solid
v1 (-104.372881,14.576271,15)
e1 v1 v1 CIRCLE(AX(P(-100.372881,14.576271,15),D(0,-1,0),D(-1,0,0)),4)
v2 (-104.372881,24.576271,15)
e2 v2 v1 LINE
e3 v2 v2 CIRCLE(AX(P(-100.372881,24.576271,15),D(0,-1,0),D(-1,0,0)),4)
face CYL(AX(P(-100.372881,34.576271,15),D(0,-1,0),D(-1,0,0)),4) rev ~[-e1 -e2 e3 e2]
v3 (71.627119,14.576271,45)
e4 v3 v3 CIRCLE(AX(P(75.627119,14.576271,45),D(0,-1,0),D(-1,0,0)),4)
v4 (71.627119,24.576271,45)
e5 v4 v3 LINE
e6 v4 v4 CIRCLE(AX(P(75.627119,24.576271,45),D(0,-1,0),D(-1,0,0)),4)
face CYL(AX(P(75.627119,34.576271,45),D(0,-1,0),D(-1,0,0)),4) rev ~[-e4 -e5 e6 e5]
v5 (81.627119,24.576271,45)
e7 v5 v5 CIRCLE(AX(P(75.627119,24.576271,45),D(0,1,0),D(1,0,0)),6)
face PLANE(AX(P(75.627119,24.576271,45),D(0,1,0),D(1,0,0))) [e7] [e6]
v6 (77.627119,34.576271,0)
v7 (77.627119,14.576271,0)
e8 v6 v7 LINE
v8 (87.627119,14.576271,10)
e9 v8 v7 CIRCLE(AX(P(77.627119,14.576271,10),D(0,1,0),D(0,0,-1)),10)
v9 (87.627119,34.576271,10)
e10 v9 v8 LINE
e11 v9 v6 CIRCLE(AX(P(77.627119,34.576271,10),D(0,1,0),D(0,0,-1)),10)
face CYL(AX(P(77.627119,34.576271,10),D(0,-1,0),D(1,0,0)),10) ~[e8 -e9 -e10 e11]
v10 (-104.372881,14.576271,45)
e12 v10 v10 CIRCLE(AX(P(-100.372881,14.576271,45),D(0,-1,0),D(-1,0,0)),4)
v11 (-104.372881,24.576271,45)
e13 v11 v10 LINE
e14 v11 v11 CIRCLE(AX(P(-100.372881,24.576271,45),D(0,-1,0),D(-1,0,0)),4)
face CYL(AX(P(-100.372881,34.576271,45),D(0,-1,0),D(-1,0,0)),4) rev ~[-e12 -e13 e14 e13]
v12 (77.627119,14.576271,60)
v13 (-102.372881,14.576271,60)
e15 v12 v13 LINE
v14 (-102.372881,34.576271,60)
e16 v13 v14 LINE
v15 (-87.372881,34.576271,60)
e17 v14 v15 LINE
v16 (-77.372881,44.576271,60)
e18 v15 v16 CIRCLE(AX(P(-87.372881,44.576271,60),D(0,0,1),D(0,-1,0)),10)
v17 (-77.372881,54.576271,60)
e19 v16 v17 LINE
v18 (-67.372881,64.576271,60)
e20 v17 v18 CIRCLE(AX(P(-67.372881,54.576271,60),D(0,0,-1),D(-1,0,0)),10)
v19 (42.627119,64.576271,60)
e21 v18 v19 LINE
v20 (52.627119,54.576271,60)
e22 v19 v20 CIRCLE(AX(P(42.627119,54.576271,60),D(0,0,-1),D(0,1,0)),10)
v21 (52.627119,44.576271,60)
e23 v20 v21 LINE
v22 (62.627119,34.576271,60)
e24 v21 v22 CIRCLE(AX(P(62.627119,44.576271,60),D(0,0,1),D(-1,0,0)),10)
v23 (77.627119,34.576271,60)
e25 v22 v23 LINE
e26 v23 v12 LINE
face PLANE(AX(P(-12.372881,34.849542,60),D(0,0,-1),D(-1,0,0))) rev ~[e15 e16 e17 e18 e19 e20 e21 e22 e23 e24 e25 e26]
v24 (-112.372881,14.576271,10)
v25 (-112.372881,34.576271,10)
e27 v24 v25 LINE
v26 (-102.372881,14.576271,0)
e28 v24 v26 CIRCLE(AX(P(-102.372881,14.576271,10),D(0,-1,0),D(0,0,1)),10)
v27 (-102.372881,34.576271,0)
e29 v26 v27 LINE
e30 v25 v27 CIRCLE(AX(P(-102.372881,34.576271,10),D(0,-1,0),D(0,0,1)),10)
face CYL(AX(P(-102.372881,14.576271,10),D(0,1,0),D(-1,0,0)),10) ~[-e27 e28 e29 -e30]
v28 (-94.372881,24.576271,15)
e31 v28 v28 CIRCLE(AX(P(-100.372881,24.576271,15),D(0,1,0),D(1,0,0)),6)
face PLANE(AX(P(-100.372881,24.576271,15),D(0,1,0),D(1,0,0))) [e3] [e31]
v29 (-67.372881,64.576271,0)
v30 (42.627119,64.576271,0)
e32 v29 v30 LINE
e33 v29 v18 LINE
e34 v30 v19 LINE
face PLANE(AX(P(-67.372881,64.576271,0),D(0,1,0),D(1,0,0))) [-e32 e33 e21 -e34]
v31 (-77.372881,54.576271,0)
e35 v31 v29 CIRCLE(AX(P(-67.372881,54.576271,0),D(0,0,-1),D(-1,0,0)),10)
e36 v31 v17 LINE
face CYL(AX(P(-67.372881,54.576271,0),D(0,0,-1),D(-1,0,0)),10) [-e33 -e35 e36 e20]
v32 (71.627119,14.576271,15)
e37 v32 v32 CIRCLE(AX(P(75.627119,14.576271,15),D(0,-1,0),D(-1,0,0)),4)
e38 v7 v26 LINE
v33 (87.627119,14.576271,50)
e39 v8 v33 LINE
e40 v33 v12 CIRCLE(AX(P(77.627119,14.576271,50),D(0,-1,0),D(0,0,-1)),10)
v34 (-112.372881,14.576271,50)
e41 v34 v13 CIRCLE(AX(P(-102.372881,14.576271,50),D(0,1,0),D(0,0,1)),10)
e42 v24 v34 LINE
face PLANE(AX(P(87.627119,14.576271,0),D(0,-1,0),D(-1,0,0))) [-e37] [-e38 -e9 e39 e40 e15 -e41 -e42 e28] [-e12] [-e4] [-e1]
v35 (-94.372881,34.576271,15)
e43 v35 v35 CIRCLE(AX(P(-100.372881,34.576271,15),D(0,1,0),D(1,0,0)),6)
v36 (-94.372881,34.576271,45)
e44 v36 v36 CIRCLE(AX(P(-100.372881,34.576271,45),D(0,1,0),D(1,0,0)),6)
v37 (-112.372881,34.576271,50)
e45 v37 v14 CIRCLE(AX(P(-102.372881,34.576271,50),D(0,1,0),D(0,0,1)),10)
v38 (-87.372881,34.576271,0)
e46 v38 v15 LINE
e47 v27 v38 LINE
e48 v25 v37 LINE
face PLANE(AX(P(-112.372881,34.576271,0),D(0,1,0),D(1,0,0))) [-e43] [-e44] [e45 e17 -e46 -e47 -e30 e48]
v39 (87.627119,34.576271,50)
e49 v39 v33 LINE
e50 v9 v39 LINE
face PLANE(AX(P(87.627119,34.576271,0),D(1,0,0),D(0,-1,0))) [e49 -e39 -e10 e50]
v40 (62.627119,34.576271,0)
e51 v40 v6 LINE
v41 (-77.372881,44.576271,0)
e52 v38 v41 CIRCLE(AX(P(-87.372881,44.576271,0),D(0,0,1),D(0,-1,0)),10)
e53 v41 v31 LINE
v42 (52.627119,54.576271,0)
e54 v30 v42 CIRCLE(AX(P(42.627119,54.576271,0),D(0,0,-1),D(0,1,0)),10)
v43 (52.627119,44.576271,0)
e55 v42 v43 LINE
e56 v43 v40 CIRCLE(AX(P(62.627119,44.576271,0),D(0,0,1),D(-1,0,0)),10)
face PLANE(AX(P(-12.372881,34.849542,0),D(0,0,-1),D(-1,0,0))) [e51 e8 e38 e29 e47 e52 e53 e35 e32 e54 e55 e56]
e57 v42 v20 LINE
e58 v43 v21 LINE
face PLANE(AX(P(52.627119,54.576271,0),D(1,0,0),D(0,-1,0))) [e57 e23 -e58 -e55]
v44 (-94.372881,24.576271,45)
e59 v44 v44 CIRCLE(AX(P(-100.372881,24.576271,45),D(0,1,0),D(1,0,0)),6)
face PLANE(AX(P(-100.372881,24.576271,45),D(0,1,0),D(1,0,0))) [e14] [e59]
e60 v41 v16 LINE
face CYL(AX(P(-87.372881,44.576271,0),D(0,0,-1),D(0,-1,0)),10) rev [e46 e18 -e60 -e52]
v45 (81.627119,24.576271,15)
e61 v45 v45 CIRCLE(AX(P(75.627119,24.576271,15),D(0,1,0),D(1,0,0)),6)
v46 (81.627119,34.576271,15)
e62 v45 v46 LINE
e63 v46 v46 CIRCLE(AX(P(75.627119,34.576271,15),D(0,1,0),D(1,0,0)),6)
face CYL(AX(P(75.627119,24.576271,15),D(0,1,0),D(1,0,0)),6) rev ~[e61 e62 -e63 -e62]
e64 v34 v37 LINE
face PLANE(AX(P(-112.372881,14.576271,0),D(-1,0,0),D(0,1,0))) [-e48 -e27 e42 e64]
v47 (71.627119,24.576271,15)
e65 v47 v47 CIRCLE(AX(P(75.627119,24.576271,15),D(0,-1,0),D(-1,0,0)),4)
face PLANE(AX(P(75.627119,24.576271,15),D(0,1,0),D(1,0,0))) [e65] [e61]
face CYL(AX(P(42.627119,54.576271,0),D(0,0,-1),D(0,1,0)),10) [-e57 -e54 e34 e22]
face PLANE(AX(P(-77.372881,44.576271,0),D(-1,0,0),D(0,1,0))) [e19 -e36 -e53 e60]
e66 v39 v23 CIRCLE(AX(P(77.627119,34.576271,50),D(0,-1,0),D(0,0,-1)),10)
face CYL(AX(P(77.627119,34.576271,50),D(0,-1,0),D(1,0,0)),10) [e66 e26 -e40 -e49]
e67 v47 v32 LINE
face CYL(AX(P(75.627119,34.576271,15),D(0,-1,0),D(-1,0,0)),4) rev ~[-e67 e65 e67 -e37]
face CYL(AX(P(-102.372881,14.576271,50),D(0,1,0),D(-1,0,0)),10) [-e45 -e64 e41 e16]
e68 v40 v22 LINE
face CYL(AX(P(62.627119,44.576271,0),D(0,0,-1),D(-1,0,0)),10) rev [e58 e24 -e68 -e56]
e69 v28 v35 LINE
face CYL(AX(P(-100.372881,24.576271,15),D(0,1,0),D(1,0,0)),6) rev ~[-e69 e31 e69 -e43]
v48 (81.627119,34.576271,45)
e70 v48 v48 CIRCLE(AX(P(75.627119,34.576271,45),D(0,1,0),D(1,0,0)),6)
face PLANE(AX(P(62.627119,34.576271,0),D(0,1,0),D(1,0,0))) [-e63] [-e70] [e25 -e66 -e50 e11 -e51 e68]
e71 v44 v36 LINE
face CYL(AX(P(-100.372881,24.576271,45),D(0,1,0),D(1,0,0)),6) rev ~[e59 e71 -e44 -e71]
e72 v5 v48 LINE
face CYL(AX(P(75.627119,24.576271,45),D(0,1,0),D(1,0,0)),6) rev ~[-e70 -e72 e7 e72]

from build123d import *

# Parameters (mm, degrees)
BOSS_EXTRUDE1_DEPTH                     = 60
FILLET1_R                               = 10
CBORE_FOR_M5_HEX_HEAD_BOLT1_D           = 8
CBORE_FOR_M5_HEX_HEAD_BOLT1_CBORE_D     = 12
CBORE_FOR_M5_HEX_HEAD_BOLT1_CBORE_DEPTH = 10


with BuildPart() as part:
    # Sketch1 → Boss-Extrude1 (new body)
    with BuildSketch(Plane.XY):
        with BuildLine():
            Line((-67.372881356, 64.576271186), (42.627118644, 64.576271186))
            ThreePointArc((42.627118644, 64.576271186), (49.698186456, 61.647338998), (52.627118644, 54.576271186))
            Line((52.627118644, 54.576271186), (52.627118644, 44.576271186))
            ThreePointArc((52.627118644, 44.576271186), (55.556050832, 37.505203375), (62.627118644, 34.576271186))
            Line((62.627118644, 34.576271186), (87.627118644, 34.576271186))
            Line((87.627118644, 34.576271186), (87.627118644, 14.576271186))
            Line((87.627118644, 14.576271186), (-112.372881356, 14.576271186))
            Line((-112.372881356, 14.576271186), (-112.372881356, 34.576271186))
            Line((-112.372881356, 34.576271186), (-87.372881356, 34.576271186))
            ThreePointArc((-87.372881356, 34.576271186), (-80.301813544, 37.505203375), (-77.372881356, 44.576271186))
            Line((-77.372881356, 44.576271186), (-77.372881356, 54.576271186))
            ThreePointArc((-77.372881356, 54.576271186), (-74.443949168, 61.647338998), (-67.372881356, 64.576271186))
        make_face()
    extrude(amount=BOSS_EXTRUDE1_DEPTH)

    # Fillet1
    fillet1_edges = [part.edges().sort_by_distance(p)[0] for p in [
        (87.627118644, 24.576271186, 0),
        (-112.372881356, 24.576271186, 0),
        (-112.372881356, 24.576271186, 60),
        (87.627118644, 24.576271186, 60),
    ]]
    fillet(fillet1_edges, radius=FILLET1_R)

    # CBORE for M5 Hex Head Bolt1 (through all)
    with Locations(Plane(origin=(0, 34.576271186, 0), x_dir=(1, 0, 0), z_dir=(0, 1, 0))):
        with Locations((-100.372881356, -15), (-100.372881356, -45), (75.627118644, -15), (75.627118644, -45)):
            CounterBoreHole(CBORE_FOR_M5_HEX_HEAD_BOLT1_D / 2, CBORE_FOR_M5_HEX_HEAD_BOLT1_CBORE_D / 2, CBORE_FOR_M5_HEX_HEAD_BOLT1_CBORE_DEPTH)


solid = part.part
